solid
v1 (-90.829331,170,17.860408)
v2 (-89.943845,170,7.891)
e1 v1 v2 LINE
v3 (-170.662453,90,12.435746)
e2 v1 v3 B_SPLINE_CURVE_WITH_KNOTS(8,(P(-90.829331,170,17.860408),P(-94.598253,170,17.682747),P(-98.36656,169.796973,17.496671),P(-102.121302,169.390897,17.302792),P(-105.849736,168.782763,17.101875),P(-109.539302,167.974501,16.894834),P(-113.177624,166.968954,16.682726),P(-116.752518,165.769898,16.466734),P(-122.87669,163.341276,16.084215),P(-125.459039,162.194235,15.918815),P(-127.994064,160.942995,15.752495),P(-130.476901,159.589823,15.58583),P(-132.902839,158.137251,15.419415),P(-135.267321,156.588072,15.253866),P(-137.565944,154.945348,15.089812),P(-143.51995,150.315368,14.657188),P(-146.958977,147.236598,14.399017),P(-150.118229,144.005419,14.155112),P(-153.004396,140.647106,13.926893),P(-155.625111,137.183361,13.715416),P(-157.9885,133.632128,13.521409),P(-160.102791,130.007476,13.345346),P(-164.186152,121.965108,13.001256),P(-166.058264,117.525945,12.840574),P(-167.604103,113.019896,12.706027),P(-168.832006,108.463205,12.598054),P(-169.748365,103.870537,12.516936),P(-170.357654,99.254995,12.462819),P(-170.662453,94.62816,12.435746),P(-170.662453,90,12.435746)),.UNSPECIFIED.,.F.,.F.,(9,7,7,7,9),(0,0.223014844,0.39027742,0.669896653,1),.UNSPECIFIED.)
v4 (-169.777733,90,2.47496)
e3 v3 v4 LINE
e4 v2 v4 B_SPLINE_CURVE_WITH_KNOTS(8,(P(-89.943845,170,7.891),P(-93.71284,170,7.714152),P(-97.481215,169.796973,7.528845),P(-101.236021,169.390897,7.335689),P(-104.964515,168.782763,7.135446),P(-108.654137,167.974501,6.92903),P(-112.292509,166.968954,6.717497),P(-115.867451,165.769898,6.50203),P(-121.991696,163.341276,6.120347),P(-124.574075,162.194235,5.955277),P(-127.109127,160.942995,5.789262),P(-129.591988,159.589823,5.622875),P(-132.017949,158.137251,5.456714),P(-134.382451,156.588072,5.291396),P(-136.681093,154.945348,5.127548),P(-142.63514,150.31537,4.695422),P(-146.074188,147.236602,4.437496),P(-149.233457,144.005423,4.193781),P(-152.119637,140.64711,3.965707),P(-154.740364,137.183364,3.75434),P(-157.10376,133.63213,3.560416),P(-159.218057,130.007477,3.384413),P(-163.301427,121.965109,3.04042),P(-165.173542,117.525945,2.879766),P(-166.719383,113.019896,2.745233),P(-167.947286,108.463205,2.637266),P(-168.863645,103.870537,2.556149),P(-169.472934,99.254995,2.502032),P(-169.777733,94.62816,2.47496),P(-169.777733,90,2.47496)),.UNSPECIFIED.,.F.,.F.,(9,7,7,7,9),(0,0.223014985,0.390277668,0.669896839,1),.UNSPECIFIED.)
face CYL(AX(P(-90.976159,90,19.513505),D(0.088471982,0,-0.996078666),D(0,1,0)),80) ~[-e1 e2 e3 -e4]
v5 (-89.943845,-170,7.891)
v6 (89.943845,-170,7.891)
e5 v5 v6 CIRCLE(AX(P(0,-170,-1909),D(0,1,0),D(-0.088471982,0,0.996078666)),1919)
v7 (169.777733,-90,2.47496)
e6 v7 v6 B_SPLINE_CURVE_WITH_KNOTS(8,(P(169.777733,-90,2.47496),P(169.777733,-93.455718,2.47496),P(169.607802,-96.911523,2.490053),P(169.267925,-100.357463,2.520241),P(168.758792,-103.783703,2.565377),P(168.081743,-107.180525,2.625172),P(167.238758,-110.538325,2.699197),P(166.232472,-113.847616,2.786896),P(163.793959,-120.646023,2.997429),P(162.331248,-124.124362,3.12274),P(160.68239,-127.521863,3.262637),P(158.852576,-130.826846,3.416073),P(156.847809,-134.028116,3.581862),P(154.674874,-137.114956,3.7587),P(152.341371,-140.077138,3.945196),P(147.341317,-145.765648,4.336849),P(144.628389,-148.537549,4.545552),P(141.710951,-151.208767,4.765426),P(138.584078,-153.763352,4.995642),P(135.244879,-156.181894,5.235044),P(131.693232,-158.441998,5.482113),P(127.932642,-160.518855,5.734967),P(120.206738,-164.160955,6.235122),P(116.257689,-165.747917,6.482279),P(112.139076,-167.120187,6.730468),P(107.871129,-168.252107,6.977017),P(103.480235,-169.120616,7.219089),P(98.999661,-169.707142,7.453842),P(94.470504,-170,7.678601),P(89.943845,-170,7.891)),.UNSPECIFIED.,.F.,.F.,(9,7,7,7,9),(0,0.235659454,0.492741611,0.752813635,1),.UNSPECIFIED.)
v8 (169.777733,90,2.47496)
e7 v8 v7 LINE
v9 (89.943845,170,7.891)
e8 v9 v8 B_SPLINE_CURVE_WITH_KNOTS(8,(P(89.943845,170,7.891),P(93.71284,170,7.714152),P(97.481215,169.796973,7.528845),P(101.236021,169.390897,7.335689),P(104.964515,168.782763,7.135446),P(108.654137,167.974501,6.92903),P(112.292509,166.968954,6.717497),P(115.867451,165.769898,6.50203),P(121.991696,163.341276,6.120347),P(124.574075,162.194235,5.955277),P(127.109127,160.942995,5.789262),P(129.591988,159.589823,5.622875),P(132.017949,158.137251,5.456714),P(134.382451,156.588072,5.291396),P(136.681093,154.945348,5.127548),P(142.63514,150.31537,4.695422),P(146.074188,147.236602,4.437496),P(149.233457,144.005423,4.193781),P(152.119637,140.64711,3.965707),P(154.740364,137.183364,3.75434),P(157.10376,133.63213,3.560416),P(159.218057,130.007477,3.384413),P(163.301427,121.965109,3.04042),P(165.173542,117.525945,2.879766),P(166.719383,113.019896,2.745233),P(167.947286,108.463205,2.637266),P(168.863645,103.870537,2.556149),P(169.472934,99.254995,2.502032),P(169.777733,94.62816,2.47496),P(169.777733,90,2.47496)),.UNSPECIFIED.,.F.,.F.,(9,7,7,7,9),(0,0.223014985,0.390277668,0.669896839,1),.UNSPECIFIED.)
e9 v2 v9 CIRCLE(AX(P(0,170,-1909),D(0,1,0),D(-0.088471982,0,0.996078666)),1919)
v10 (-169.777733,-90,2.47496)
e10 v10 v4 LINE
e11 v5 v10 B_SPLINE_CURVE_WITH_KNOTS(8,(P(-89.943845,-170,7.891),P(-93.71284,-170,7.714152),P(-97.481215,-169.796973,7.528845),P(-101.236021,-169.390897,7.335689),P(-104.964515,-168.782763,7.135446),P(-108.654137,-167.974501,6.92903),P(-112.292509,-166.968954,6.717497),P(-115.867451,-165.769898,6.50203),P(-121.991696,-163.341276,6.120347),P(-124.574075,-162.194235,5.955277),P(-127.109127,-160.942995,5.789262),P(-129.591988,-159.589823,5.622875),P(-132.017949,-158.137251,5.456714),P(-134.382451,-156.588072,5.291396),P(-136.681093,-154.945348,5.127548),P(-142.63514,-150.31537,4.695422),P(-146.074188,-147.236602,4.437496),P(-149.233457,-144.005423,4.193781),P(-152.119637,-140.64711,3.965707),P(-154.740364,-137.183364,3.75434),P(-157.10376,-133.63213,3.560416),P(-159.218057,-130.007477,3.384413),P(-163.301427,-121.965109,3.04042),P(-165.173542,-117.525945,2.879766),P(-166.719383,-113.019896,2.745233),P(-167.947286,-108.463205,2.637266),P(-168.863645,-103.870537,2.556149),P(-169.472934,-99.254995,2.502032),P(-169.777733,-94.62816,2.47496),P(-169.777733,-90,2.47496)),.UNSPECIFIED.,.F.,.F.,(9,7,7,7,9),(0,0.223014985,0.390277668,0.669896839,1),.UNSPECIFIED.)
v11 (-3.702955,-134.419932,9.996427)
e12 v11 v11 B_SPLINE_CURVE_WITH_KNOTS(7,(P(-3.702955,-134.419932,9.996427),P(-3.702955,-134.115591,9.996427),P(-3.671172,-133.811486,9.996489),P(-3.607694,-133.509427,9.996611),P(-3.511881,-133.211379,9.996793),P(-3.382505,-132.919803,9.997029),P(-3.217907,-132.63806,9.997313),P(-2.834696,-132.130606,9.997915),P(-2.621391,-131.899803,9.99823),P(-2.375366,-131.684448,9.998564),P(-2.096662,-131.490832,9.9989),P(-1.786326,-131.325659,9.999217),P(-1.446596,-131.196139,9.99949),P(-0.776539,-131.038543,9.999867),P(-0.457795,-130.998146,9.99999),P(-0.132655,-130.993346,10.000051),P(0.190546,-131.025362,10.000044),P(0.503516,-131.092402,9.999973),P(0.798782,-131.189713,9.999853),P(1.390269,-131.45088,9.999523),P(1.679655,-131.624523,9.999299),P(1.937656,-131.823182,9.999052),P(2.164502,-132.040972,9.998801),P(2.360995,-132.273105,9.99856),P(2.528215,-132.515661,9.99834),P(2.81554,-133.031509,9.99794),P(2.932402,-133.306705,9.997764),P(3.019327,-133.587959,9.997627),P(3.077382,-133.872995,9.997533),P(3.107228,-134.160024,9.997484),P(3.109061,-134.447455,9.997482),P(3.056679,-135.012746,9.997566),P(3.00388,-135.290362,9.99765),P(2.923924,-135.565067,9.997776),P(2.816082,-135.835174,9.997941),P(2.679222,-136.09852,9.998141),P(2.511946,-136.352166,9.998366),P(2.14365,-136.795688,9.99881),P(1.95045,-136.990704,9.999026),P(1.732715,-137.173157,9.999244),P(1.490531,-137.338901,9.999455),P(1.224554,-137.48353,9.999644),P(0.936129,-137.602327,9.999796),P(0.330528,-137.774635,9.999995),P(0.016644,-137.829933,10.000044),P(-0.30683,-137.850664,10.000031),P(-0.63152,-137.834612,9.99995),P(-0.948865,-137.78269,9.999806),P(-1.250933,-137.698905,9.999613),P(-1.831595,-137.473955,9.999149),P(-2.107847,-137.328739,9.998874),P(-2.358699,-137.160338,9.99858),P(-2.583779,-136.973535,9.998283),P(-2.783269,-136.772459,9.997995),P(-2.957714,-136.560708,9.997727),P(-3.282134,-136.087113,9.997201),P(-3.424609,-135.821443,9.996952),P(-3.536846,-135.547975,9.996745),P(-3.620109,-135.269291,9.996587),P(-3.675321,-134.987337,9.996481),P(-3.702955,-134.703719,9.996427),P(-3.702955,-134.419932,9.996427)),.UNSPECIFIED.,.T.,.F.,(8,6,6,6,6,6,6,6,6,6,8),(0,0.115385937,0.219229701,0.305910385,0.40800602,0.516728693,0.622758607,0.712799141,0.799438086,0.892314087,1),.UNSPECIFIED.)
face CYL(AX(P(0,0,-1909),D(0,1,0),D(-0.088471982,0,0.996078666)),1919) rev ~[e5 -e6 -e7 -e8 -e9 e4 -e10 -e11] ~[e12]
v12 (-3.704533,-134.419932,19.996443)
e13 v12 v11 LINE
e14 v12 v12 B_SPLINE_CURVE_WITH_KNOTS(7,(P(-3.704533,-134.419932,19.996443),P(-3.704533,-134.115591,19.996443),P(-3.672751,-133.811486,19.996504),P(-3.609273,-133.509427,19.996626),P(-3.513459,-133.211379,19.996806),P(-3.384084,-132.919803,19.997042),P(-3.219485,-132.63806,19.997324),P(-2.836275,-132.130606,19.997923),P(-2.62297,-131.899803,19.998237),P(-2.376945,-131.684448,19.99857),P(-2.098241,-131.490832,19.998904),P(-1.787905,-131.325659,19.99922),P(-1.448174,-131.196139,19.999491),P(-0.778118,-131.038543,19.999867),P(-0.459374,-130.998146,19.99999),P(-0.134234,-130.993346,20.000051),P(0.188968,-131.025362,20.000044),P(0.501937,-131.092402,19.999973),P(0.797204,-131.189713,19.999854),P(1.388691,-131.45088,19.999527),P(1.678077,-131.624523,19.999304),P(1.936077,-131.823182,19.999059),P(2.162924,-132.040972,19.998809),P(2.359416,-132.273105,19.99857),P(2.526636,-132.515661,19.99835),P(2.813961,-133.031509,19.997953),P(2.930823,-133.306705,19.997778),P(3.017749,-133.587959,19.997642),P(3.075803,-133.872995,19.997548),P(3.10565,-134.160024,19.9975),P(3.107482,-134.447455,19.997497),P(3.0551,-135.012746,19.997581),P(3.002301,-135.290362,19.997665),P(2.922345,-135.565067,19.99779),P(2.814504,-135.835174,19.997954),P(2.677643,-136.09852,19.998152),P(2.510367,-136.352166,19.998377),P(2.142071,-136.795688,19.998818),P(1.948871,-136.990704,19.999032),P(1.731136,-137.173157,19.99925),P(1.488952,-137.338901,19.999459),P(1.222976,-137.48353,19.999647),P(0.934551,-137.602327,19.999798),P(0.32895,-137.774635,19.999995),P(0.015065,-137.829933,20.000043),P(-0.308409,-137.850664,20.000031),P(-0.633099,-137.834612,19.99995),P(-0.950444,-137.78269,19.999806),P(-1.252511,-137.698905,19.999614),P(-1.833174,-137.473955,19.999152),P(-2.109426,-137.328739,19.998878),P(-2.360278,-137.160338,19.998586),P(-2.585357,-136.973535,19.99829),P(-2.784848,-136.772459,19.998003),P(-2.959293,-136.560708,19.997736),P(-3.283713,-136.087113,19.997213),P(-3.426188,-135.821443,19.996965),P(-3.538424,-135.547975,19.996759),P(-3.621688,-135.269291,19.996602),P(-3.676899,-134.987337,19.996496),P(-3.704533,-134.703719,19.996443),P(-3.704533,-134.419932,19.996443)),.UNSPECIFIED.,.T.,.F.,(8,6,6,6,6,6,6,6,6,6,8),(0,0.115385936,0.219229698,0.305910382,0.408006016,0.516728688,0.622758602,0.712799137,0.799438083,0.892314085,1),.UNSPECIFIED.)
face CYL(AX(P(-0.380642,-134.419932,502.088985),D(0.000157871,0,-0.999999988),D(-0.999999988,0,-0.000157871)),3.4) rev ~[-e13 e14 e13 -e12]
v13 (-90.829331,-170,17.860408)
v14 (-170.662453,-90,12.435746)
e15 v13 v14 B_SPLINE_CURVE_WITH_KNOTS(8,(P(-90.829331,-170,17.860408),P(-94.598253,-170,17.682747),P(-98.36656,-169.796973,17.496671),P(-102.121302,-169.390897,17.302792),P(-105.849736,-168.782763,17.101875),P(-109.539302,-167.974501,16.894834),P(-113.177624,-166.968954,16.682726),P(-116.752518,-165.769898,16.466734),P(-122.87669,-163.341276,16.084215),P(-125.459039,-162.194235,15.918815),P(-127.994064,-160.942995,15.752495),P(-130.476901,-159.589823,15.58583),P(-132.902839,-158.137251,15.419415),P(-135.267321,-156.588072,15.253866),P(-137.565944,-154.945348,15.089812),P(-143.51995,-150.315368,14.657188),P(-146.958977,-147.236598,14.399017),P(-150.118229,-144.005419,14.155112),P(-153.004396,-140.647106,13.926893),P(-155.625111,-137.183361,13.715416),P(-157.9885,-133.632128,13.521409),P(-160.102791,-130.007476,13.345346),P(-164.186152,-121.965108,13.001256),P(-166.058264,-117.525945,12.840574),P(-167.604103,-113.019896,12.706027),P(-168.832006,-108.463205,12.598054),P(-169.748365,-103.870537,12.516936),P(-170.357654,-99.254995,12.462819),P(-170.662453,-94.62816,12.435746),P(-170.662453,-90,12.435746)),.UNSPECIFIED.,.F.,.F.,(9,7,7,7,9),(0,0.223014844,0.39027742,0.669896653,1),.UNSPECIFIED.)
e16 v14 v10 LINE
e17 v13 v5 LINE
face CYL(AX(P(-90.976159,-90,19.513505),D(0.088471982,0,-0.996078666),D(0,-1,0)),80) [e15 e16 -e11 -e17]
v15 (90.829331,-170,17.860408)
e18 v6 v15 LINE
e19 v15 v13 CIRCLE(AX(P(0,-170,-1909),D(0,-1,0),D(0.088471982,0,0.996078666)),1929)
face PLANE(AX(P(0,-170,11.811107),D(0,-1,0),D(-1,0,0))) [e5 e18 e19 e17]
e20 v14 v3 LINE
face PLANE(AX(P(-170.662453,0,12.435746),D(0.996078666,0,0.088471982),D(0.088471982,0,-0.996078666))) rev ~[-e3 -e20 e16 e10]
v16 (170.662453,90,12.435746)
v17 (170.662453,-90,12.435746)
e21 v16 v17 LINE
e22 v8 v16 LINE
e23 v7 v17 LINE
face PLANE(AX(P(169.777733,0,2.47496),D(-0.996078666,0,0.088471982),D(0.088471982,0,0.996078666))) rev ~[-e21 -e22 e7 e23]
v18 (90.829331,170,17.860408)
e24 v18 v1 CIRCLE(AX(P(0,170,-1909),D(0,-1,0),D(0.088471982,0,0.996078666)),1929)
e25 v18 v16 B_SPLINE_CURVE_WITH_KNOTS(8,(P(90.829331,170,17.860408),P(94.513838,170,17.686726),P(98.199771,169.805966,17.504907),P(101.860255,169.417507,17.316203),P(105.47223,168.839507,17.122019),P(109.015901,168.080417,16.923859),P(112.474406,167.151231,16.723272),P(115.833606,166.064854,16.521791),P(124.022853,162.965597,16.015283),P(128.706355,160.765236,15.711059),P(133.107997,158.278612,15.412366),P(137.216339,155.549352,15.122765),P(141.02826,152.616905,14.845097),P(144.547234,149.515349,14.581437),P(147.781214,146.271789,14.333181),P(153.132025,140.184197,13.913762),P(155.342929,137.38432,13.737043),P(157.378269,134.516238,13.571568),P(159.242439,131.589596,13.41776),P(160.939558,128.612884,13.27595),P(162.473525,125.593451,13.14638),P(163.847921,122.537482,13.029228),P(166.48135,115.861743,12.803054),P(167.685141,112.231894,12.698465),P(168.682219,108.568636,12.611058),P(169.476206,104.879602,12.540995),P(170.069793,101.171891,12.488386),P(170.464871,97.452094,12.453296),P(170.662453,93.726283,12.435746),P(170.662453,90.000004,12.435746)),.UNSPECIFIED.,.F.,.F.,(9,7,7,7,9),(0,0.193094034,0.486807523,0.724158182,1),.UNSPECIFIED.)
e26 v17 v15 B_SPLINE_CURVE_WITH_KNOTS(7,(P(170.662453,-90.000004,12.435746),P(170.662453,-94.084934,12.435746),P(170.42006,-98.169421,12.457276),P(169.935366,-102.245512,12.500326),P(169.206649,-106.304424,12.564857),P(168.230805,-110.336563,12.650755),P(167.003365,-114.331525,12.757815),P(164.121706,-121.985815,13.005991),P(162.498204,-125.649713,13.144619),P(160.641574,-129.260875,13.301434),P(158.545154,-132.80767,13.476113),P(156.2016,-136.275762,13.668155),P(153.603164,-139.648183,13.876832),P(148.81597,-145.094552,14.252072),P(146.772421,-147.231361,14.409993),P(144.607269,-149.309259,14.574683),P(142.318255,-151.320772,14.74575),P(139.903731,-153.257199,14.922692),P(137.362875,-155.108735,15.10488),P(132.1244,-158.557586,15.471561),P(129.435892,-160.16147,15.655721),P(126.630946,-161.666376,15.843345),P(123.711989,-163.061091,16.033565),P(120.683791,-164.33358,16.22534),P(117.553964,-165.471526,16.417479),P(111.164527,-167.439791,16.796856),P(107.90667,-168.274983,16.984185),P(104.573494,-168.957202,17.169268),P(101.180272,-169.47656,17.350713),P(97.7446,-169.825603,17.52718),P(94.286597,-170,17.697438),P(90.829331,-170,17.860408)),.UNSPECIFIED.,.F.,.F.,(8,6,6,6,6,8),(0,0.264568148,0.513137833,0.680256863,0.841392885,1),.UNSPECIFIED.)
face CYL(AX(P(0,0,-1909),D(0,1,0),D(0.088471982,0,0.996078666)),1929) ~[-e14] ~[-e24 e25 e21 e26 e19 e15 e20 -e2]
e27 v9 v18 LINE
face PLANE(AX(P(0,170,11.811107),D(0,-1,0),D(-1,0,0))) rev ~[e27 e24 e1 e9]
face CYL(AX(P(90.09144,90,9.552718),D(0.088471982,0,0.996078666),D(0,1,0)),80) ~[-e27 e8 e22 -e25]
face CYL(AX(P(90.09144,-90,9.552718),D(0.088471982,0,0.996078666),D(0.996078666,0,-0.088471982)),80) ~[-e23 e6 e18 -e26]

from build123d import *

# Parameters (mm, degrees)
LINEAR_AUSTRAGEN_D_NN1_DEPTH      = 170
LINEAR_AUSTRAGEN_D_NN1_DEPTH_BACK = 170
VERRUNDUNG1_R                     = 80
F_6_8_6_8_DURCHMESSER_BOHRUNG1_D  = 6.8


with BuildPart() as part:
    # Skizze2 → Linear-Austragen-Dünn1 (new body, two sides)
    with BuildSketch(Plane(origin=(0, 0, 0), x_dir=(1, 0, 0), z_dir=(0, 1, 0))) as linear_austragen_d_nn1_sk:
        with BuildLine():
            ThreePointArc((-169.777732917, -2.47495966), (0, -10), (169.777732917, -2.47495966))
            Line((169.777732917, -2.47495966), (170.662452734, -12.435746318))
            ThreePointArc((170.662452734, -12.435746318), (0, -20), (-170.662452734, -12.435746318))
            Line((-170.662452734, -12.435746318), (-169.777732917, -2.47495966))
        make_face()
    extrude(amount=LINEAR_AUSTRAGEN_D_NN1_DEPTH)
    extrude(linear_austragen_d_nn1_sk.sketch, amount=-LINEAR_AUSTRAGEN_D_NN1_DEPTH_BACK)

    # Verrundung1
    verrundung1_edges = [part.edges().sort_by_distance(p)[0] for p in [
        (170.220092826, 170, 7.455352989),
        (-170.220092826, 170, 7.455352989),
        (-170.220092826, -170, 7.455352989),
        (170.220092826, -170, 7.455352989),
    ]]
    fillet(verrundung1_edges, radius=VERRUNDUNG1_R)

    # Ø6.8 (6.8) Durchmesser Bohrung1 (through all)
    with Locations(Plane(origin=(-0.304533865, -134.419932379, 19.999975961), x_dir=(0.999999988, 0, 0.000157871), z_dir=(-0.000157871, 0, 0.999999988))):
        with Locations((0, 0)):
            Hole(F_6_8_6_8_DURCHMESSER_BOHRUNG1_D / 2)


solid = part.part
